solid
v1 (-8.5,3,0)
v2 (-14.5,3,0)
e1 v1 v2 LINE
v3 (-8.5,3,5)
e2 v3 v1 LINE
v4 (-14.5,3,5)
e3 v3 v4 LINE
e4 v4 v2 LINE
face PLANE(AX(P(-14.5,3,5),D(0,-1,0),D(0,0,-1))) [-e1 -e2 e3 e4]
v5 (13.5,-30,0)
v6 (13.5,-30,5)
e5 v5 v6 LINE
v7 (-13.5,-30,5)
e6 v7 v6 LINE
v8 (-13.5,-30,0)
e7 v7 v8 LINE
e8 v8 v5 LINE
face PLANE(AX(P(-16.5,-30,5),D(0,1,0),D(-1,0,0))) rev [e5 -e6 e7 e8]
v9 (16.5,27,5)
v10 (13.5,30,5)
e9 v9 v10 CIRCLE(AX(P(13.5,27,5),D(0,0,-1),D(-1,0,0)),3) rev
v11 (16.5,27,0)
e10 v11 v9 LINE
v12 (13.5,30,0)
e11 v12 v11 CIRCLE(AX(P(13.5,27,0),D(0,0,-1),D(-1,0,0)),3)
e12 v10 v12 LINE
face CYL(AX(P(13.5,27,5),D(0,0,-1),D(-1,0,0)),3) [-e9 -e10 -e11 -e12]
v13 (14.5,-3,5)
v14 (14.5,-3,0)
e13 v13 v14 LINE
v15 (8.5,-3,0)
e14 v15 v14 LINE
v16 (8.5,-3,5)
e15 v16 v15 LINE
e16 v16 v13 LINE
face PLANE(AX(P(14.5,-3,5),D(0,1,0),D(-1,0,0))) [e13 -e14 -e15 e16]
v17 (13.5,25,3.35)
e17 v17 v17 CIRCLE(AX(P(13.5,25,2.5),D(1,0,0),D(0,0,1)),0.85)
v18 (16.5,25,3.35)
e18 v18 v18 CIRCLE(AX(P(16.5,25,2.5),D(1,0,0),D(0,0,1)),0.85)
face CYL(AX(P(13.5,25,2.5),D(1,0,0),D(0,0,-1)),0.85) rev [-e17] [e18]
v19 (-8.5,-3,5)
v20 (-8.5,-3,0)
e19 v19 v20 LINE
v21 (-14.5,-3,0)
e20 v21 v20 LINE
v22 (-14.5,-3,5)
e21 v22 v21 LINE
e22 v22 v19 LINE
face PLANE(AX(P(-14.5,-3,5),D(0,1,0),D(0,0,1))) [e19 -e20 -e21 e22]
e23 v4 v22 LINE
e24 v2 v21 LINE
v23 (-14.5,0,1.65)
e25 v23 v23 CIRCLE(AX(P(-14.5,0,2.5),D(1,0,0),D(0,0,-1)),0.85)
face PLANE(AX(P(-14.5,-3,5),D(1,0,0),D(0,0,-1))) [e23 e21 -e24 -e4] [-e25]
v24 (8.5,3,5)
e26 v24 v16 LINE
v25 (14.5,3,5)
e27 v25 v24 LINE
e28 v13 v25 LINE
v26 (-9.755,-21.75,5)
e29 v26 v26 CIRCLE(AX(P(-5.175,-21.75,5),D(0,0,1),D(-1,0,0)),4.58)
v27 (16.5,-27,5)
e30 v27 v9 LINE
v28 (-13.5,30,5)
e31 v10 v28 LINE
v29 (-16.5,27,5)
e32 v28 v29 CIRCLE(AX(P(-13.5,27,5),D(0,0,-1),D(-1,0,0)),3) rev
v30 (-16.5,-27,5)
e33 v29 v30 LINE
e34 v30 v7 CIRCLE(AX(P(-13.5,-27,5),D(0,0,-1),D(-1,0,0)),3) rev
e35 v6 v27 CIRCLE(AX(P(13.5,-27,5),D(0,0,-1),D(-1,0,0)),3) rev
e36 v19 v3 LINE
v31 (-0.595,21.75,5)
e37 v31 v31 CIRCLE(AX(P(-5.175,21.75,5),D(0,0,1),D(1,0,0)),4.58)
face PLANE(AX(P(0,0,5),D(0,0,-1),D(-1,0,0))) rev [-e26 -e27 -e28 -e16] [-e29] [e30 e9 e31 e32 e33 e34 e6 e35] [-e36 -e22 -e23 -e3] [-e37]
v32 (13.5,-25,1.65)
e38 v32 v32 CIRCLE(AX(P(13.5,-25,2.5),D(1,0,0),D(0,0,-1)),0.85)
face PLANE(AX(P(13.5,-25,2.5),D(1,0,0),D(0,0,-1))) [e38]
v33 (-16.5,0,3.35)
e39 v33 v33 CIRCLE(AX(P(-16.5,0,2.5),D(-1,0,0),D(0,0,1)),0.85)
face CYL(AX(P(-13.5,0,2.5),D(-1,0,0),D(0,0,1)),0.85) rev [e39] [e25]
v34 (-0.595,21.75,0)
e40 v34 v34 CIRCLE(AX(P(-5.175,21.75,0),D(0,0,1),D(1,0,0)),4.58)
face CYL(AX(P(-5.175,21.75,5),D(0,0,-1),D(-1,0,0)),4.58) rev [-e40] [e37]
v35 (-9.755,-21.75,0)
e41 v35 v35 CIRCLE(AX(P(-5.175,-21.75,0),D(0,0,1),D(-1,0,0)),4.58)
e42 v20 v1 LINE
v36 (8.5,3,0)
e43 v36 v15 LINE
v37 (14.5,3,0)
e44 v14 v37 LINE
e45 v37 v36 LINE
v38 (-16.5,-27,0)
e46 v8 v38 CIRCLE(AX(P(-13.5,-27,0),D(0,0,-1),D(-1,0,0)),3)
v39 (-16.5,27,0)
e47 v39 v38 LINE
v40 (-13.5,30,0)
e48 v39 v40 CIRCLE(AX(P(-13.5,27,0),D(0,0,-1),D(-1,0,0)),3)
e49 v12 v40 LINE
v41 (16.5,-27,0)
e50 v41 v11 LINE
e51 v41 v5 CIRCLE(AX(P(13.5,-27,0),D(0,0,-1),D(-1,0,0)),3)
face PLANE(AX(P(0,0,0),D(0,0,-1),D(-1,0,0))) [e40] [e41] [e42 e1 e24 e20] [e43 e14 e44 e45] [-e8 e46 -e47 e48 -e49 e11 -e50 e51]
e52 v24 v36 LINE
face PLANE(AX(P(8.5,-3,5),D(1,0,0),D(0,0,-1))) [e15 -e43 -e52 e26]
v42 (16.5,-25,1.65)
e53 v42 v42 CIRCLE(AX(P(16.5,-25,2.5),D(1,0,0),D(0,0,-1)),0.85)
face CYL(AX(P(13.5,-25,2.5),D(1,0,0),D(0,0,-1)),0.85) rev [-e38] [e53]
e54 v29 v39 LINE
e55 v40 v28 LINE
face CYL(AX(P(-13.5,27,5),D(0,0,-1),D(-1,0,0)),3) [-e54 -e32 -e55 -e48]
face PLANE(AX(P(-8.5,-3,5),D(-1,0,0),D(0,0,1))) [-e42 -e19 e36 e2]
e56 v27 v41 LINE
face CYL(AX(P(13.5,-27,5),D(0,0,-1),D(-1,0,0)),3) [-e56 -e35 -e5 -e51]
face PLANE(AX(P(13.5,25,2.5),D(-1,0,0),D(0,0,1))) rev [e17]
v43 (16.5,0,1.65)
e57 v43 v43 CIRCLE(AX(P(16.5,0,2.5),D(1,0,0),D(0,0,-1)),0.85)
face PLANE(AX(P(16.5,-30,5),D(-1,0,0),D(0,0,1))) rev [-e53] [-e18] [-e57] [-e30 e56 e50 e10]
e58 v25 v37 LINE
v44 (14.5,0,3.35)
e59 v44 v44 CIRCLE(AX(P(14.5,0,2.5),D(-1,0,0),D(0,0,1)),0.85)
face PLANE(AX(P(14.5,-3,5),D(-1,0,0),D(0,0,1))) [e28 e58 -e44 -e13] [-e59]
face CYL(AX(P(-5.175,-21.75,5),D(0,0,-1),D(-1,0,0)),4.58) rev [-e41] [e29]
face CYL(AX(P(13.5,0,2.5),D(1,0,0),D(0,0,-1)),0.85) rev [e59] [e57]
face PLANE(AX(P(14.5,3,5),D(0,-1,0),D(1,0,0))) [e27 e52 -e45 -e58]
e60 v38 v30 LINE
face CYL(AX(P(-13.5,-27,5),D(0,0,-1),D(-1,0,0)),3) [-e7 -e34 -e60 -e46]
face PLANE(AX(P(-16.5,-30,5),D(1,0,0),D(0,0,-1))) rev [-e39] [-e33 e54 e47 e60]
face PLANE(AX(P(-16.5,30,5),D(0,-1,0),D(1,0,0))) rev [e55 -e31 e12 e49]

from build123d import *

# Parameters (mm, degrees)
SKETCH1_W           = 33
SKETCH1_H           = 60
SKETCH1_R           = 4.58
SKETCH1_W_2         = 6
SKETCH1_H_2         = 6
BOSS_EXTRUDE1_DEPTH = 5
SKETCH2_R           = 0.85
CUT_EXTRUDE1_DEPTH  = 3
CUT_EXTRUDE2_START  = -3
SKETCH3_R           = 0.85
CUT_EXTRUDE2_DEPTH  = 3
FILLET1_R           = 3


with BuildPart() as part:
    # Sketch1 → Boss-Extrude1 (new body)
    with BuildSketch(Plane.XY):
        Rectangle(SKETCH1_W, SKETCH1_H)
        with Locations((-5.175, 21.75)):
            Circle(SKETCH1_R, mode=Mode.SUBTRACT)
        with Locations(Location((-5.175, -21.75, 0), (0, 0, 180))):
            Circle(SKETCH1_R, mode=Mode.SUBTRACT)
        with Locations((11.5, 0)):
            Rectangle(SKETCH1_W_2, SKETCH1_H_2, mode=Mode.SUBTRACT)
        with Locations((-11.5, 0)):
            Rectangle(SKETCH1_W_2, SKETCH1_H_2, mode=Mode.SUBTRACT)
    extrude(amount=BOSS_EXTRUDE1_DEPTH)

    # Sketch2 → Cut-Extrude1 (cut)
    with BuildSketch(Plane(origin=(16.5, 0, 0), x_dir=(0, 0, -1), z_dir=(1, 0, 0))):
        with Locations((-2.5, 0)):
            Circle(SKETCH2_R)
        with Locations((-2.5, -25)):
            Circle(SKETCH2_R)
        with Locations(Location((-2.5, 25, 0), (0, 0, 180))):
            Circle(SKETCH2_R)
    extrude(amount=-CUT_EXTRUDE1_DEPTH, mode=Mode.SUBTRACT)

    # Sketch3 → Cut-Extrude2 (cut)
    with BuildSketch(Plane.ZY.offset(16.5).offset(CUT_EXTRUDE2_START)):
        with Locations(Location((2.5, 0, 0), (0, 0, 180))):
            Circle(SKETCH3_R)
    extrude(amount=CUT_EXTRUDE2_DEPTH, mode=Mode.SUBTRACT)

    # Fillet1
    fillet1_edges = [part.edges().sort_by_distance(p)[0] for p in [
        (16.5, -30, 2.5),
        (-16.5, -30, 2.5),
        (-16.5, 30, 2.5),
        (16.5, 30, 2.5),
    ]]
    fillet(fillet1_edges, radius=FILLET1_R)


solid = part.part
